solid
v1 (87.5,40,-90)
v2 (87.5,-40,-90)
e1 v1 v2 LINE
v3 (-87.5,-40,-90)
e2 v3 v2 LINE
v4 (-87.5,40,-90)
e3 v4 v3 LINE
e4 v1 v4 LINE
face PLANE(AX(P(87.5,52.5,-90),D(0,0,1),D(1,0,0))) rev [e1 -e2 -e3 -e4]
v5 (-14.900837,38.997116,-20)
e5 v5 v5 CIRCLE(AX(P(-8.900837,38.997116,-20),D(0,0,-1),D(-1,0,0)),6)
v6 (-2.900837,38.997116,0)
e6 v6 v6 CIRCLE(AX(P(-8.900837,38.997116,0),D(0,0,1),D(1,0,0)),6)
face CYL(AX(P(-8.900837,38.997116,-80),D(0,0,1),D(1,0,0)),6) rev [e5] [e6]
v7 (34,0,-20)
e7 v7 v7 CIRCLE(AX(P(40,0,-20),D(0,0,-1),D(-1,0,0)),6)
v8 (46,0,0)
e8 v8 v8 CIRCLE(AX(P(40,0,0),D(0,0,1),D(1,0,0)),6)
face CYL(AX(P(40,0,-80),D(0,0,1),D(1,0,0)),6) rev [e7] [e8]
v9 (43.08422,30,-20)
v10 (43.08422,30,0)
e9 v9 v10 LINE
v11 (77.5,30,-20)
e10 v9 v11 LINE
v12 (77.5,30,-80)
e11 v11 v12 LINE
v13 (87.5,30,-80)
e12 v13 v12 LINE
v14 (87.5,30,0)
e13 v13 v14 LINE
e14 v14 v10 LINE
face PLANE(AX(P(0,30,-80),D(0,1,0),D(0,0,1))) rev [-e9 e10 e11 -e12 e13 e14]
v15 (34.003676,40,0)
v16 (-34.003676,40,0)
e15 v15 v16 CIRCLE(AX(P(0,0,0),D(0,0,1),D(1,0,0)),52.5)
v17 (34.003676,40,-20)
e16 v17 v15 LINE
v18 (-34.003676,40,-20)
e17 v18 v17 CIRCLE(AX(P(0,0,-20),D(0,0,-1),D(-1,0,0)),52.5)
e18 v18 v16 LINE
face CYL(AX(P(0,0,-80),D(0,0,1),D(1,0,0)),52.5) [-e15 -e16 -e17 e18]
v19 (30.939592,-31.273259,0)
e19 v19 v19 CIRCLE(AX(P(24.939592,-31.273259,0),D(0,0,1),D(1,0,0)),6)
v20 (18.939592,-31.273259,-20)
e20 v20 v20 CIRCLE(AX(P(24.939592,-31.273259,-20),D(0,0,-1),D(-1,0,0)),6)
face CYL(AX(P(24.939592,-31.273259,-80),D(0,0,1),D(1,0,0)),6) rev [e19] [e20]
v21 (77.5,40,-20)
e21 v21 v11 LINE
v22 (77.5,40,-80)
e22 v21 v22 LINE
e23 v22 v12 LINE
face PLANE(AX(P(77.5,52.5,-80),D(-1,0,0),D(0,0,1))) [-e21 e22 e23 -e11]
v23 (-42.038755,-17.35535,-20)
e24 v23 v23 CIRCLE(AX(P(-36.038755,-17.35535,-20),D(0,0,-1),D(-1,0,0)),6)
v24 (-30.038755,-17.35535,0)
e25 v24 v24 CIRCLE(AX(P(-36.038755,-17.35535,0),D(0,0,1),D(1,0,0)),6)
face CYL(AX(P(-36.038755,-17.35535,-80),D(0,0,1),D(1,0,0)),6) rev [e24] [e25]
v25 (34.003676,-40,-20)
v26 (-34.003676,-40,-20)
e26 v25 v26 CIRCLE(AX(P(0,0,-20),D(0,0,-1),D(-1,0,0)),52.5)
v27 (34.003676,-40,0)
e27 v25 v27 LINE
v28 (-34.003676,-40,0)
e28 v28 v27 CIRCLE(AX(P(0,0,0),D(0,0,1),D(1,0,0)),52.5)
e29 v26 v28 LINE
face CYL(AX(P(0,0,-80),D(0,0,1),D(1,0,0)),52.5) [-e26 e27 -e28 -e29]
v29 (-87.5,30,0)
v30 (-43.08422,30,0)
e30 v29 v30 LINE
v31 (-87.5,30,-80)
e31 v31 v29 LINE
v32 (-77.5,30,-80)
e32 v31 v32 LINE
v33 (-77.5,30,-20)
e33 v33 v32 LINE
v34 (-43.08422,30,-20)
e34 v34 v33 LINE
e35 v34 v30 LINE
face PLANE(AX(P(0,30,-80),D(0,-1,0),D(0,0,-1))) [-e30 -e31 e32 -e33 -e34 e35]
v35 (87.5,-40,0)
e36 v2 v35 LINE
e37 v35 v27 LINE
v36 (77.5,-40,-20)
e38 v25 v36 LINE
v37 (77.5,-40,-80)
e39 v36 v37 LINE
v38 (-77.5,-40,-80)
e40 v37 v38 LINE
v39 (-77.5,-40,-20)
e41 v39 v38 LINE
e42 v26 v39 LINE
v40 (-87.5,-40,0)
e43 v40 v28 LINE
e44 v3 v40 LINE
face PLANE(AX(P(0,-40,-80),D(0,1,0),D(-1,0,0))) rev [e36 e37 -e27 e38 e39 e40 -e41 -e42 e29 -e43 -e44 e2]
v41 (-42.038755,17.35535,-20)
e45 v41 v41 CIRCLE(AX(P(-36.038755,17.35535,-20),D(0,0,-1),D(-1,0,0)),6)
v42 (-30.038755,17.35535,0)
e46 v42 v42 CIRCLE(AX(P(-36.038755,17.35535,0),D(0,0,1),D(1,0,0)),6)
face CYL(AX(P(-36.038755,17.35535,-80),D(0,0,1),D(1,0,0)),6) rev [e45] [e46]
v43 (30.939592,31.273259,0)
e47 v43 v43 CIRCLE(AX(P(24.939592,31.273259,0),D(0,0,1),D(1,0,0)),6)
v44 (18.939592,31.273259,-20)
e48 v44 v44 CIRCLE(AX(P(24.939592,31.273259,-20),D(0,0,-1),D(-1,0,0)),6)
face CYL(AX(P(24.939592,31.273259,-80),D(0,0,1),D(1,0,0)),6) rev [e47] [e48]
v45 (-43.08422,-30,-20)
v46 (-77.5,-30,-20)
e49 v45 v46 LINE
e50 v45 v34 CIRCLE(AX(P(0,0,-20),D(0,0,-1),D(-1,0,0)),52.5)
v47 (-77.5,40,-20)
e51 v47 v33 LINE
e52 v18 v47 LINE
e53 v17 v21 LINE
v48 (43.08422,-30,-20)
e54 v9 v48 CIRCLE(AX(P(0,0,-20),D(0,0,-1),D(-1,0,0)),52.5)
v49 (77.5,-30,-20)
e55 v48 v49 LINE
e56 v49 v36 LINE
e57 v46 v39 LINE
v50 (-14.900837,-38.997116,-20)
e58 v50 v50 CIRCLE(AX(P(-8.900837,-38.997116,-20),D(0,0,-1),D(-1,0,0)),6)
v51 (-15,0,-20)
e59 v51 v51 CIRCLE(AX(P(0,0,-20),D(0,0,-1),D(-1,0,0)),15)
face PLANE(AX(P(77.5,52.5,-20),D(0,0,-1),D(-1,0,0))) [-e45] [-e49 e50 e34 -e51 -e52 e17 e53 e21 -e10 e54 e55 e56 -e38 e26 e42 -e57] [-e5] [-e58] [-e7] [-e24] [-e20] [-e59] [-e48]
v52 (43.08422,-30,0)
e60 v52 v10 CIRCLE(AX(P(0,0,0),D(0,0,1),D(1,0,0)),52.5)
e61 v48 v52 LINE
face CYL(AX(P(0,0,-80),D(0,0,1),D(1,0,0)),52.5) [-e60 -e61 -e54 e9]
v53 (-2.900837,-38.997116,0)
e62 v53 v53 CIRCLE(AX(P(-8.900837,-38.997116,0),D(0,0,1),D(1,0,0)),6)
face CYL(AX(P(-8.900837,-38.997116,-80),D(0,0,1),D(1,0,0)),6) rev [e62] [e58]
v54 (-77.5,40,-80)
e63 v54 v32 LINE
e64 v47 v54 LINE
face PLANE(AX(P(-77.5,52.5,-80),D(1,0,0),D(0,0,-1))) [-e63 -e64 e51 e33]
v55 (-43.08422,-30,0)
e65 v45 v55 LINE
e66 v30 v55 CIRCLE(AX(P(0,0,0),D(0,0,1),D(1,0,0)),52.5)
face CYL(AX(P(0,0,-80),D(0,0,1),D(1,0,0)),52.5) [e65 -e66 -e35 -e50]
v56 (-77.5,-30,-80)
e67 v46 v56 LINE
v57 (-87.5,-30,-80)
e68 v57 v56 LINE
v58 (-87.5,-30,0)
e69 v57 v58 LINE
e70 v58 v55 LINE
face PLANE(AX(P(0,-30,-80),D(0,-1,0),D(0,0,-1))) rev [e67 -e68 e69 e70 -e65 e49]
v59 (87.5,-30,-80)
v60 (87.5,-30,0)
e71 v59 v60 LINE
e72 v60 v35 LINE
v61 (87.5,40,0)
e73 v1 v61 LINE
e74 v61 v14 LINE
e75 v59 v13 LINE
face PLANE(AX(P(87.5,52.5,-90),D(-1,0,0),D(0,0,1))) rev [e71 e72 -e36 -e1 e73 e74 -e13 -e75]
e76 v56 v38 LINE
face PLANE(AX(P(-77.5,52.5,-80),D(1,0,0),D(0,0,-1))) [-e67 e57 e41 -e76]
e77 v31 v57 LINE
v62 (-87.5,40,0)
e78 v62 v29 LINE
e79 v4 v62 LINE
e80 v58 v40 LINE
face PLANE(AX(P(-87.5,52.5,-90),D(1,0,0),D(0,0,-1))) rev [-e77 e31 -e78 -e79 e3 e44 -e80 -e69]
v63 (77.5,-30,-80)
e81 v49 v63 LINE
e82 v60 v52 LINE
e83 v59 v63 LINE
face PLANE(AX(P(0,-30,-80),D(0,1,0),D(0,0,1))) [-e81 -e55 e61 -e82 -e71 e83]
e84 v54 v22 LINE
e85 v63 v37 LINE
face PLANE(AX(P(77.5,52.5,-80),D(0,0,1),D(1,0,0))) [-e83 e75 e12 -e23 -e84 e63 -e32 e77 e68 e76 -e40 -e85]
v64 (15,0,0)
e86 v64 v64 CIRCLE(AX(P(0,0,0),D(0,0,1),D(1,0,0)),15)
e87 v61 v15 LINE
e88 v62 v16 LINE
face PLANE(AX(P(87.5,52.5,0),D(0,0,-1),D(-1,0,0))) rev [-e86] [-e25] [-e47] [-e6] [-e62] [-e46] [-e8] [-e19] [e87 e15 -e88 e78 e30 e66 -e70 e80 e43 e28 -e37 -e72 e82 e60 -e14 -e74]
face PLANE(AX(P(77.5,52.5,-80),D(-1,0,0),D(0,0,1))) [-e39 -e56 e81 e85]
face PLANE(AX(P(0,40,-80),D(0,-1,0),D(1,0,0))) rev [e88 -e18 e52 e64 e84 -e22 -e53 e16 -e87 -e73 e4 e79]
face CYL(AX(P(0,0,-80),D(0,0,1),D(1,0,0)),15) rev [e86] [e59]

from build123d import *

# Parameters (mm, degrees)
SKETCH2_W           = 175
SKETCH2_H           = 90
SKETCH2_W_2         = 155
SKETCH2_H_2         = 60
BOSS_EXTRUDE3_DEPTH = 52.5
SKETCH3_R           = 6
SKETCH3_R_2         = 15
CUT_EXTRUDE1_DEPTH  = 80
SKETCH4_W           = 175
SKETCH4_H           = 12.5
CUT_EXTRUDE2_DEPTH  = 10


with BuildPart() as part:
    # Sketch2 → Boss-Extrude3 (new, symmetric)
    with BuildSketch(Plane(origin=(0, 0, 0), x_dir=(1, 0, 0), z_dir=(0, 1, 0))):
        with Locations((0, 45)):
            Rectangle(SKETCH2_W, SKETCH2_H)
        with Locations((0, 50)):
            Rectangle(SKETCH2_W_2, SKETCH2_H_2, mode=Mode.SUBTRACT)
    extrude(amount=BOSS_EXTRUDE3_DEPTH, both=True)

    # Sketch3 → Cut-Extrude1 (cut)
    with BuildSketch(Plane.XY):
        with BuildLine():
            Line((-87.5, 52.5), (-87.5, 40))
            Line((-87.5, 40), (-34.003676272, 40))
            ThreePointArc((-34.003676272, 40), (-18.114220897, 49.276008374), (7.6e-08, 52.5))
            Line((7.6e-08, 52.5), (-87.5, 52.5))
        make_face()
        with BuildLine():
            Line((87.5, 52.5), (7.6e-08, 52.5))
            ThreePointArc((7.6e-08, 52.5), (18.114220968, 49.276008348), (34.003676272, 40))
            Line((34.003676272, 40), (87.5, 40))
            Line((87.5, 40), (87.5, 52.5))
        make_face()
        with BuildLine():
            Line((-34.003676272, -40), (-87.5, -40))
            Line((-87.5, -40), (-87.5, -52.5))
            Line((-87.5, -52.5), (0, -52.5))
            ThreePointArc((0, -52.5), (-18.114220933, -49.276008361), (-34.003676272, -40))
        make_face()
        with BuildLine():
            ThreePointArc((34.003676272, -40), (18.114220933, -49.276008361), (0, -52.5))
            Line((0, -52.5), (87.5, -52.5))
            Line((87.5, -52.5), (87.5, -40))
            Line((87.5, -40), (34.003676272, -40))
        make_face()
        with BuildLine():
            Line((87.5, 30), (43.084219849, 30))
            ThreePointArc((43.084219849, 30), (50.090775309, 15.721457597), (52.5, 0))
            ThreePointArc((52.5, 0), (50.090775309, -15.721457597), (43.084219849, -30))
            Line((43.084219849, -30), (87.5, -30))
            Line((87.5, -30), (87.5, 30))
        make_face()
        with BuildLine():
            Line((-43.084219849, 30), (-87.5, 30))
            Line((-87.5, 30), (-87.5, -30))
            Line((-87.5, -30), (-43.084219849, -30))
            ThreePointArc((-43.084219849, -30), (-52.5, 0), (-43.084219849, 30))
        make_face()
        with Locations((-8.900837358, 38.997116487)):
            Circle(SKETCH3_R)
        with Locations((24.939592074, 31.273259299)):
            Circle(SKETCH3_R)
        with Locations((-36.038754716, 17.355349565)):
            Circle(SKETCH3_R)
        with Locations((40, 0)):
            Circle(SKETCH3_R)
        with Locations((-36.038754716, -17.355349565)):
            Circle(SKETCH3_R)
        with Locations((-8.900837358, -38.997116487)):
            Circle(SKETCH3_R)
        with Locations((24.939592074, -31.273259299)):
            Circle(SKETCH3_R)
        Circle(SKETCH3_R_2)
    extrude(amount=-CUT_EXTRUDE1_DEPTH, mode=Mode.SUBTRACT)

    # Sketch4 → Cut-Extrude2 (cut)
    with BuildSketch(Plane.XY.offset(-80)):
        with Locations((0, 46.25)):
            Rectangle(SKETCH4_W, SKETCH4_H)
        with Locations((0, -46.25)):
            Rectangle(SKETCH4_W, SKETCH4_H)
    extrude(amount=-CUT_EXTRUDE2_DEPTH, mode=Mode.SUBTRACT)


solid = part.part
